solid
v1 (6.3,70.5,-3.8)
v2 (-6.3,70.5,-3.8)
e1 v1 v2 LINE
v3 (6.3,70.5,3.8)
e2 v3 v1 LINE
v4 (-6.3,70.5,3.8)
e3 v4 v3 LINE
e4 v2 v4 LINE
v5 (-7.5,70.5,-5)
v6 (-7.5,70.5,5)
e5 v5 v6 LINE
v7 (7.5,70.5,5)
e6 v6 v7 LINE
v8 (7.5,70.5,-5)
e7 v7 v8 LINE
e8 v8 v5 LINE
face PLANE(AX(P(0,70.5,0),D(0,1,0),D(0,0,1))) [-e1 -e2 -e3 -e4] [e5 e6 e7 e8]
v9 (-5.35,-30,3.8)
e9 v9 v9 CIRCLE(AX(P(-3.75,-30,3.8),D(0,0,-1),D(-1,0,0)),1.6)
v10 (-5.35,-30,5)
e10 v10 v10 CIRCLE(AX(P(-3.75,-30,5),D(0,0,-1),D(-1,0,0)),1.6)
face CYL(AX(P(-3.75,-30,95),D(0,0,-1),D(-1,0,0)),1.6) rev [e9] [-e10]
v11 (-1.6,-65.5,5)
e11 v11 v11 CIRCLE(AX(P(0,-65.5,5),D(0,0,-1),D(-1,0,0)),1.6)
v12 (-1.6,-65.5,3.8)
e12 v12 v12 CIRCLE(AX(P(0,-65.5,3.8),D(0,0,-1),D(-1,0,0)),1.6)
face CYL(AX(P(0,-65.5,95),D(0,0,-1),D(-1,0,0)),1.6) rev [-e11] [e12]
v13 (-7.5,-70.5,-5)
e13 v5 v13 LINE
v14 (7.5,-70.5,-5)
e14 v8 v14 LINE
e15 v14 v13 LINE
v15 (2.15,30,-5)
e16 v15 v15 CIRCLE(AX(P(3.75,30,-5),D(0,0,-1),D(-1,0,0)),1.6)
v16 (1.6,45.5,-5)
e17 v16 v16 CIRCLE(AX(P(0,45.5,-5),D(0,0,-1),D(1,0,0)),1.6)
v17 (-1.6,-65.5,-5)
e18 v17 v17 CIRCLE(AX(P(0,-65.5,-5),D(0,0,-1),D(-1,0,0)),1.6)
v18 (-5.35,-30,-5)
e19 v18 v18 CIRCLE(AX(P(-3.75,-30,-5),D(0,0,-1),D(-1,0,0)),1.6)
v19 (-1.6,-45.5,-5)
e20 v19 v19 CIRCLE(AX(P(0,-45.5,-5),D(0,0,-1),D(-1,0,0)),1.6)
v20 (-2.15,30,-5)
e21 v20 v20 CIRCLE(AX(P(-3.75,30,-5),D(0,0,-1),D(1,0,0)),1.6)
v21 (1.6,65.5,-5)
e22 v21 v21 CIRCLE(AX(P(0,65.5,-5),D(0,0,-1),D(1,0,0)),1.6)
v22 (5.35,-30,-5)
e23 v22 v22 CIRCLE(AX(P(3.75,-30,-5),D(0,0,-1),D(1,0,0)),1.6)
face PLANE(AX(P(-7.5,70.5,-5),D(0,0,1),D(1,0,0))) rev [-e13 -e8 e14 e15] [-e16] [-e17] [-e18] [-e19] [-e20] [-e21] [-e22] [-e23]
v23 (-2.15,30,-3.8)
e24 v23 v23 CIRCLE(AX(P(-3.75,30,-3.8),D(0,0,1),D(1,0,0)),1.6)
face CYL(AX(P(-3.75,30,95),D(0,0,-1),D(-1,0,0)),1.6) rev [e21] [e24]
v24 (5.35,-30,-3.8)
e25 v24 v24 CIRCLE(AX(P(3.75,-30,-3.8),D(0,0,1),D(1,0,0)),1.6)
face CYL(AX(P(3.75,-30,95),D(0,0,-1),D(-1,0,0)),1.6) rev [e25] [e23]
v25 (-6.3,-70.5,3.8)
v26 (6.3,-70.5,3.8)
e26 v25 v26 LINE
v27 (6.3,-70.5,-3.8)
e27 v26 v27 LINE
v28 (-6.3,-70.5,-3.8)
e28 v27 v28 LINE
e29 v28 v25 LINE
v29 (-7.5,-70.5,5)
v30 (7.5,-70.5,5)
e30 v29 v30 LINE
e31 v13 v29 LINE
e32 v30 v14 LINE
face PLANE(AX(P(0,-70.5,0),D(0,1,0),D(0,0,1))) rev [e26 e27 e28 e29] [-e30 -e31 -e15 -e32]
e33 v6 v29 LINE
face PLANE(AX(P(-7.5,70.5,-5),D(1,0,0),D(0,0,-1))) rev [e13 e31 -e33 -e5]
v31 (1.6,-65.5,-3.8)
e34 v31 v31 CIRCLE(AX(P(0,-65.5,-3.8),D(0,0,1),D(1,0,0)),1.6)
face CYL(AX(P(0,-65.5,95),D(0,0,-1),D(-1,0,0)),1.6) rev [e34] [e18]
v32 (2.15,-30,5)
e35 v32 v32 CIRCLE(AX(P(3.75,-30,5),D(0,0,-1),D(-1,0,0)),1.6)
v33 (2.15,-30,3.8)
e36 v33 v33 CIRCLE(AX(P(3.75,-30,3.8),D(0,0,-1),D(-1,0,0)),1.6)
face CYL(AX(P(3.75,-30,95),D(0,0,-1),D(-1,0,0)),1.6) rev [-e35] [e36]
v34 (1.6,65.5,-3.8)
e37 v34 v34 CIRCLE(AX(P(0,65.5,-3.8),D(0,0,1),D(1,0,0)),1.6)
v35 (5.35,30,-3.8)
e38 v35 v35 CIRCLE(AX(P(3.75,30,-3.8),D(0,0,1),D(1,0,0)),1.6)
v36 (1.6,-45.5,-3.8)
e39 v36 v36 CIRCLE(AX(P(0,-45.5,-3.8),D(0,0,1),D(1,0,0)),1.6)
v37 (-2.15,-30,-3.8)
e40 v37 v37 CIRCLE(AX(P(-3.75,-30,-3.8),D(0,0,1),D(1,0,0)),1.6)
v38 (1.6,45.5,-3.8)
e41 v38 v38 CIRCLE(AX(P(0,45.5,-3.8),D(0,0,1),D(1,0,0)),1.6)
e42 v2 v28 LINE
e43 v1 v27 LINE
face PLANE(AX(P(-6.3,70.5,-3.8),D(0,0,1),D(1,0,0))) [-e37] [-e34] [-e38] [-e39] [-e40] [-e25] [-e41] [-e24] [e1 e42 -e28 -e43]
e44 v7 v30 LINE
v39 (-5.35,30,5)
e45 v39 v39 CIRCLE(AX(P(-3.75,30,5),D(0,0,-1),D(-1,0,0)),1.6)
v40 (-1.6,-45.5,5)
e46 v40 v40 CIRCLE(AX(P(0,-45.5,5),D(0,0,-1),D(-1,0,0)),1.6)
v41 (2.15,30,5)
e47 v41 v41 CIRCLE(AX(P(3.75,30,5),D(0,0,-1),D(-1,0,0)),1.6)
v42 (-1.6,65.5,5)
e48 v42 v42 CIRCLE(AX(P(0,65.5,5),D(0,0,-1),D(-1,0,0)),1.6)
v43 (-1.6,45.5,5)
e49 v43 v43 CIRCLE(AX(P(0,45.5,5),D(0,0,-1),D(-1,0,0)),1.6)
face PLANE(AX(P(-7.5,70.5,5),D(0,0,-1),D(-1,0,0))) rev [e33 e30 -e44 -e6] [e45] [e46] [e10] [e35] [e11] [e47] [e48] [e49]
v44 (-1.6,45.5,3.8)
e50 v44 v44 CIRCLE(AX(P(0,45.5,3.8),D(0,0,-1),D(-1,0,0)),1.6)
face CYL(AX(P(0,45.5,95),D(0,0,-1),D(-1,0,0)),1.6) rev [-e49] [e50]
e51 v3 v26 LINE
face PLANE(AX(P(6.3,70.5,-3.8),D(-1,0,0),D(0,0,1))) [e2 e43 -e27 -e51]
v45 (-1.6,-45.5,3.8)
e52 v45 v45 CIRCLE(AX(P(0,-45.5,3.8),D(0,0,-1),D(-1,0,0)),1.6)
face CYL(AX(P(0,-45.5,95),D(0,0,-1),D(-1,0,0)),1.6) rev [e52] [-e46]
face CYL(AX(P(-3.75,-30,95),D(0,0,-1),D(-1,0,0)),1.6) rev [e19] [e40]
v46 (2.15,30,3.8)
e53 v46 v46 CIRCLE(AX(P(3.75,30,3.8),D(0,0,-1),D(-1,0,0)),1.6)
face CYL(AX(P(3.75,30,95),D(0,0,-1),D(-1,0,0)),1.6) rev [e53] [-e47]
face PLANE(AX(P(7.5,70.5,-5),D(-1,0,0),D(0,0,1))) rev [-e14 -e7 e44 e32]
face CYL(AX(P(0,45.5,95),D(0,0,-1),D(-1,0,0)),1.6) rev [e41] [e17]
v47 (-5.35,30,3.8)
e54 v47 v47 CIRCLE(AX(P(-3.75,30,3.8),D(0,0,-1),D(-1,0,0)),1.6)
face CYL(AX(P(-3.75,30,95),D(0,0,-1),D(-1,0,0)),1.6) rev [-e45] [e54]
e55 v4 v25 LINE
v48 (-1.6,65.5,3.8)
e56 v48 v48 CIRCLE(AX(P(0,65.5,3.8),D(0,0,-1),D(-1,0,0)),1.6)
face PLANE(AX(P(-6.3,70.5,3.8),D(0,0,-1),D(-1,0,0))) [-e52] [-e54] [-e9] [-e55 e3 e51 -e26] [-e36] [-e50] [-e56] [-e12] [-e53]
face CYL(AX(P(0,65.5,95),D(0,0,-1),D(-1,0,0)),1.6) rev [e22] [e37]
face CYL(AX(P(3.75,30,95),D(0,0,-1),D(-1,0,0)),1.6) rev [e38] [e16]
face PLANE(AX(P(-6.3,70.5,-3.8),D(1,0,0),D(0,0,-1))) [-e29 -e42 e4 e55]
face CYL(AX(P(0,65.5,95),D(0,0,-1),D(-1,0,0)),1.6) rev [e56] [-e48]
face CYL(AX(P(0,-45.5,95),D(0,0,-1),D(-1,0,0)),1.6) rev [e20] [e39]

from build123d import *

# Parameters (mm, degrees)
SKETCH_1_W          = 15
SKETCH_1_H          = 10
SKETCH_1_W_2        = 12.6
SKETCH_1_H_2        = 7.6
EXTRUDE_1_DEPTH     = 70.5
SKETCH_2_R          = 1.6
CUT_EXTRUDE_1_DEPTH = 100


with BuildPart() as part:
    # ｽｹｯﾁ1 → ﾎﾞｽ - 押し出し1 (new, symmetric)
    with BuildSketch(Plane(origin=(0, 0, 0), x_dir=(1, 0, 0), z_dir=(0, 1, 0))):
        Rectangle(SKETCH_1_W, SKETCH_1_H)
        Rectangle(SKETCH_1_W_2, SKETCH_1_H_2, mode=Mode.SUBTRACT)
    extrude(amount=EXTRUDE_1_DEPTH, both=True)

    # ｽｹｯﾁ2 → ｶｯﾄ - 押し出し1 (cut)
    with BuildSketch(Plane(origin=(0, 0, -5), x_dir=(-1, 0, 0), z_dir=(0, 0, -1))):
        with Locations((0, -65.5)):
            Circle(SKETCH_2_R)
        with Locations((0, -45.5)):
            Circle(SKETCH_2_R)
        with Locations(Location((0, 45.5, 0), (0, 0, 180))):
            Circle(SKETCH_2_R)
        with Locations(Location((0, 65.5, 0), (0, 0, 180))):
            Circle(SKETCH_2_R)
        with Locations((3.75, -30)):
            Circle(SKETCH_2_R)
        with Locations(Location((-3.75, -30, 0), (0, 0, 180))):
            Circle(SKETCH_2_R)
        with Locations((-3.75, 30)):
            Circle(SKETCH_2_R)
        with Locations(Location((3.75, 30, 0), (0, 0, 180))):
            Circle(SKETCH_2_R)
    extrude(amount=-CUT_EXTRUDE_1_DEPTH, mode=Mode.SUBTRACT)


solid = part.part
